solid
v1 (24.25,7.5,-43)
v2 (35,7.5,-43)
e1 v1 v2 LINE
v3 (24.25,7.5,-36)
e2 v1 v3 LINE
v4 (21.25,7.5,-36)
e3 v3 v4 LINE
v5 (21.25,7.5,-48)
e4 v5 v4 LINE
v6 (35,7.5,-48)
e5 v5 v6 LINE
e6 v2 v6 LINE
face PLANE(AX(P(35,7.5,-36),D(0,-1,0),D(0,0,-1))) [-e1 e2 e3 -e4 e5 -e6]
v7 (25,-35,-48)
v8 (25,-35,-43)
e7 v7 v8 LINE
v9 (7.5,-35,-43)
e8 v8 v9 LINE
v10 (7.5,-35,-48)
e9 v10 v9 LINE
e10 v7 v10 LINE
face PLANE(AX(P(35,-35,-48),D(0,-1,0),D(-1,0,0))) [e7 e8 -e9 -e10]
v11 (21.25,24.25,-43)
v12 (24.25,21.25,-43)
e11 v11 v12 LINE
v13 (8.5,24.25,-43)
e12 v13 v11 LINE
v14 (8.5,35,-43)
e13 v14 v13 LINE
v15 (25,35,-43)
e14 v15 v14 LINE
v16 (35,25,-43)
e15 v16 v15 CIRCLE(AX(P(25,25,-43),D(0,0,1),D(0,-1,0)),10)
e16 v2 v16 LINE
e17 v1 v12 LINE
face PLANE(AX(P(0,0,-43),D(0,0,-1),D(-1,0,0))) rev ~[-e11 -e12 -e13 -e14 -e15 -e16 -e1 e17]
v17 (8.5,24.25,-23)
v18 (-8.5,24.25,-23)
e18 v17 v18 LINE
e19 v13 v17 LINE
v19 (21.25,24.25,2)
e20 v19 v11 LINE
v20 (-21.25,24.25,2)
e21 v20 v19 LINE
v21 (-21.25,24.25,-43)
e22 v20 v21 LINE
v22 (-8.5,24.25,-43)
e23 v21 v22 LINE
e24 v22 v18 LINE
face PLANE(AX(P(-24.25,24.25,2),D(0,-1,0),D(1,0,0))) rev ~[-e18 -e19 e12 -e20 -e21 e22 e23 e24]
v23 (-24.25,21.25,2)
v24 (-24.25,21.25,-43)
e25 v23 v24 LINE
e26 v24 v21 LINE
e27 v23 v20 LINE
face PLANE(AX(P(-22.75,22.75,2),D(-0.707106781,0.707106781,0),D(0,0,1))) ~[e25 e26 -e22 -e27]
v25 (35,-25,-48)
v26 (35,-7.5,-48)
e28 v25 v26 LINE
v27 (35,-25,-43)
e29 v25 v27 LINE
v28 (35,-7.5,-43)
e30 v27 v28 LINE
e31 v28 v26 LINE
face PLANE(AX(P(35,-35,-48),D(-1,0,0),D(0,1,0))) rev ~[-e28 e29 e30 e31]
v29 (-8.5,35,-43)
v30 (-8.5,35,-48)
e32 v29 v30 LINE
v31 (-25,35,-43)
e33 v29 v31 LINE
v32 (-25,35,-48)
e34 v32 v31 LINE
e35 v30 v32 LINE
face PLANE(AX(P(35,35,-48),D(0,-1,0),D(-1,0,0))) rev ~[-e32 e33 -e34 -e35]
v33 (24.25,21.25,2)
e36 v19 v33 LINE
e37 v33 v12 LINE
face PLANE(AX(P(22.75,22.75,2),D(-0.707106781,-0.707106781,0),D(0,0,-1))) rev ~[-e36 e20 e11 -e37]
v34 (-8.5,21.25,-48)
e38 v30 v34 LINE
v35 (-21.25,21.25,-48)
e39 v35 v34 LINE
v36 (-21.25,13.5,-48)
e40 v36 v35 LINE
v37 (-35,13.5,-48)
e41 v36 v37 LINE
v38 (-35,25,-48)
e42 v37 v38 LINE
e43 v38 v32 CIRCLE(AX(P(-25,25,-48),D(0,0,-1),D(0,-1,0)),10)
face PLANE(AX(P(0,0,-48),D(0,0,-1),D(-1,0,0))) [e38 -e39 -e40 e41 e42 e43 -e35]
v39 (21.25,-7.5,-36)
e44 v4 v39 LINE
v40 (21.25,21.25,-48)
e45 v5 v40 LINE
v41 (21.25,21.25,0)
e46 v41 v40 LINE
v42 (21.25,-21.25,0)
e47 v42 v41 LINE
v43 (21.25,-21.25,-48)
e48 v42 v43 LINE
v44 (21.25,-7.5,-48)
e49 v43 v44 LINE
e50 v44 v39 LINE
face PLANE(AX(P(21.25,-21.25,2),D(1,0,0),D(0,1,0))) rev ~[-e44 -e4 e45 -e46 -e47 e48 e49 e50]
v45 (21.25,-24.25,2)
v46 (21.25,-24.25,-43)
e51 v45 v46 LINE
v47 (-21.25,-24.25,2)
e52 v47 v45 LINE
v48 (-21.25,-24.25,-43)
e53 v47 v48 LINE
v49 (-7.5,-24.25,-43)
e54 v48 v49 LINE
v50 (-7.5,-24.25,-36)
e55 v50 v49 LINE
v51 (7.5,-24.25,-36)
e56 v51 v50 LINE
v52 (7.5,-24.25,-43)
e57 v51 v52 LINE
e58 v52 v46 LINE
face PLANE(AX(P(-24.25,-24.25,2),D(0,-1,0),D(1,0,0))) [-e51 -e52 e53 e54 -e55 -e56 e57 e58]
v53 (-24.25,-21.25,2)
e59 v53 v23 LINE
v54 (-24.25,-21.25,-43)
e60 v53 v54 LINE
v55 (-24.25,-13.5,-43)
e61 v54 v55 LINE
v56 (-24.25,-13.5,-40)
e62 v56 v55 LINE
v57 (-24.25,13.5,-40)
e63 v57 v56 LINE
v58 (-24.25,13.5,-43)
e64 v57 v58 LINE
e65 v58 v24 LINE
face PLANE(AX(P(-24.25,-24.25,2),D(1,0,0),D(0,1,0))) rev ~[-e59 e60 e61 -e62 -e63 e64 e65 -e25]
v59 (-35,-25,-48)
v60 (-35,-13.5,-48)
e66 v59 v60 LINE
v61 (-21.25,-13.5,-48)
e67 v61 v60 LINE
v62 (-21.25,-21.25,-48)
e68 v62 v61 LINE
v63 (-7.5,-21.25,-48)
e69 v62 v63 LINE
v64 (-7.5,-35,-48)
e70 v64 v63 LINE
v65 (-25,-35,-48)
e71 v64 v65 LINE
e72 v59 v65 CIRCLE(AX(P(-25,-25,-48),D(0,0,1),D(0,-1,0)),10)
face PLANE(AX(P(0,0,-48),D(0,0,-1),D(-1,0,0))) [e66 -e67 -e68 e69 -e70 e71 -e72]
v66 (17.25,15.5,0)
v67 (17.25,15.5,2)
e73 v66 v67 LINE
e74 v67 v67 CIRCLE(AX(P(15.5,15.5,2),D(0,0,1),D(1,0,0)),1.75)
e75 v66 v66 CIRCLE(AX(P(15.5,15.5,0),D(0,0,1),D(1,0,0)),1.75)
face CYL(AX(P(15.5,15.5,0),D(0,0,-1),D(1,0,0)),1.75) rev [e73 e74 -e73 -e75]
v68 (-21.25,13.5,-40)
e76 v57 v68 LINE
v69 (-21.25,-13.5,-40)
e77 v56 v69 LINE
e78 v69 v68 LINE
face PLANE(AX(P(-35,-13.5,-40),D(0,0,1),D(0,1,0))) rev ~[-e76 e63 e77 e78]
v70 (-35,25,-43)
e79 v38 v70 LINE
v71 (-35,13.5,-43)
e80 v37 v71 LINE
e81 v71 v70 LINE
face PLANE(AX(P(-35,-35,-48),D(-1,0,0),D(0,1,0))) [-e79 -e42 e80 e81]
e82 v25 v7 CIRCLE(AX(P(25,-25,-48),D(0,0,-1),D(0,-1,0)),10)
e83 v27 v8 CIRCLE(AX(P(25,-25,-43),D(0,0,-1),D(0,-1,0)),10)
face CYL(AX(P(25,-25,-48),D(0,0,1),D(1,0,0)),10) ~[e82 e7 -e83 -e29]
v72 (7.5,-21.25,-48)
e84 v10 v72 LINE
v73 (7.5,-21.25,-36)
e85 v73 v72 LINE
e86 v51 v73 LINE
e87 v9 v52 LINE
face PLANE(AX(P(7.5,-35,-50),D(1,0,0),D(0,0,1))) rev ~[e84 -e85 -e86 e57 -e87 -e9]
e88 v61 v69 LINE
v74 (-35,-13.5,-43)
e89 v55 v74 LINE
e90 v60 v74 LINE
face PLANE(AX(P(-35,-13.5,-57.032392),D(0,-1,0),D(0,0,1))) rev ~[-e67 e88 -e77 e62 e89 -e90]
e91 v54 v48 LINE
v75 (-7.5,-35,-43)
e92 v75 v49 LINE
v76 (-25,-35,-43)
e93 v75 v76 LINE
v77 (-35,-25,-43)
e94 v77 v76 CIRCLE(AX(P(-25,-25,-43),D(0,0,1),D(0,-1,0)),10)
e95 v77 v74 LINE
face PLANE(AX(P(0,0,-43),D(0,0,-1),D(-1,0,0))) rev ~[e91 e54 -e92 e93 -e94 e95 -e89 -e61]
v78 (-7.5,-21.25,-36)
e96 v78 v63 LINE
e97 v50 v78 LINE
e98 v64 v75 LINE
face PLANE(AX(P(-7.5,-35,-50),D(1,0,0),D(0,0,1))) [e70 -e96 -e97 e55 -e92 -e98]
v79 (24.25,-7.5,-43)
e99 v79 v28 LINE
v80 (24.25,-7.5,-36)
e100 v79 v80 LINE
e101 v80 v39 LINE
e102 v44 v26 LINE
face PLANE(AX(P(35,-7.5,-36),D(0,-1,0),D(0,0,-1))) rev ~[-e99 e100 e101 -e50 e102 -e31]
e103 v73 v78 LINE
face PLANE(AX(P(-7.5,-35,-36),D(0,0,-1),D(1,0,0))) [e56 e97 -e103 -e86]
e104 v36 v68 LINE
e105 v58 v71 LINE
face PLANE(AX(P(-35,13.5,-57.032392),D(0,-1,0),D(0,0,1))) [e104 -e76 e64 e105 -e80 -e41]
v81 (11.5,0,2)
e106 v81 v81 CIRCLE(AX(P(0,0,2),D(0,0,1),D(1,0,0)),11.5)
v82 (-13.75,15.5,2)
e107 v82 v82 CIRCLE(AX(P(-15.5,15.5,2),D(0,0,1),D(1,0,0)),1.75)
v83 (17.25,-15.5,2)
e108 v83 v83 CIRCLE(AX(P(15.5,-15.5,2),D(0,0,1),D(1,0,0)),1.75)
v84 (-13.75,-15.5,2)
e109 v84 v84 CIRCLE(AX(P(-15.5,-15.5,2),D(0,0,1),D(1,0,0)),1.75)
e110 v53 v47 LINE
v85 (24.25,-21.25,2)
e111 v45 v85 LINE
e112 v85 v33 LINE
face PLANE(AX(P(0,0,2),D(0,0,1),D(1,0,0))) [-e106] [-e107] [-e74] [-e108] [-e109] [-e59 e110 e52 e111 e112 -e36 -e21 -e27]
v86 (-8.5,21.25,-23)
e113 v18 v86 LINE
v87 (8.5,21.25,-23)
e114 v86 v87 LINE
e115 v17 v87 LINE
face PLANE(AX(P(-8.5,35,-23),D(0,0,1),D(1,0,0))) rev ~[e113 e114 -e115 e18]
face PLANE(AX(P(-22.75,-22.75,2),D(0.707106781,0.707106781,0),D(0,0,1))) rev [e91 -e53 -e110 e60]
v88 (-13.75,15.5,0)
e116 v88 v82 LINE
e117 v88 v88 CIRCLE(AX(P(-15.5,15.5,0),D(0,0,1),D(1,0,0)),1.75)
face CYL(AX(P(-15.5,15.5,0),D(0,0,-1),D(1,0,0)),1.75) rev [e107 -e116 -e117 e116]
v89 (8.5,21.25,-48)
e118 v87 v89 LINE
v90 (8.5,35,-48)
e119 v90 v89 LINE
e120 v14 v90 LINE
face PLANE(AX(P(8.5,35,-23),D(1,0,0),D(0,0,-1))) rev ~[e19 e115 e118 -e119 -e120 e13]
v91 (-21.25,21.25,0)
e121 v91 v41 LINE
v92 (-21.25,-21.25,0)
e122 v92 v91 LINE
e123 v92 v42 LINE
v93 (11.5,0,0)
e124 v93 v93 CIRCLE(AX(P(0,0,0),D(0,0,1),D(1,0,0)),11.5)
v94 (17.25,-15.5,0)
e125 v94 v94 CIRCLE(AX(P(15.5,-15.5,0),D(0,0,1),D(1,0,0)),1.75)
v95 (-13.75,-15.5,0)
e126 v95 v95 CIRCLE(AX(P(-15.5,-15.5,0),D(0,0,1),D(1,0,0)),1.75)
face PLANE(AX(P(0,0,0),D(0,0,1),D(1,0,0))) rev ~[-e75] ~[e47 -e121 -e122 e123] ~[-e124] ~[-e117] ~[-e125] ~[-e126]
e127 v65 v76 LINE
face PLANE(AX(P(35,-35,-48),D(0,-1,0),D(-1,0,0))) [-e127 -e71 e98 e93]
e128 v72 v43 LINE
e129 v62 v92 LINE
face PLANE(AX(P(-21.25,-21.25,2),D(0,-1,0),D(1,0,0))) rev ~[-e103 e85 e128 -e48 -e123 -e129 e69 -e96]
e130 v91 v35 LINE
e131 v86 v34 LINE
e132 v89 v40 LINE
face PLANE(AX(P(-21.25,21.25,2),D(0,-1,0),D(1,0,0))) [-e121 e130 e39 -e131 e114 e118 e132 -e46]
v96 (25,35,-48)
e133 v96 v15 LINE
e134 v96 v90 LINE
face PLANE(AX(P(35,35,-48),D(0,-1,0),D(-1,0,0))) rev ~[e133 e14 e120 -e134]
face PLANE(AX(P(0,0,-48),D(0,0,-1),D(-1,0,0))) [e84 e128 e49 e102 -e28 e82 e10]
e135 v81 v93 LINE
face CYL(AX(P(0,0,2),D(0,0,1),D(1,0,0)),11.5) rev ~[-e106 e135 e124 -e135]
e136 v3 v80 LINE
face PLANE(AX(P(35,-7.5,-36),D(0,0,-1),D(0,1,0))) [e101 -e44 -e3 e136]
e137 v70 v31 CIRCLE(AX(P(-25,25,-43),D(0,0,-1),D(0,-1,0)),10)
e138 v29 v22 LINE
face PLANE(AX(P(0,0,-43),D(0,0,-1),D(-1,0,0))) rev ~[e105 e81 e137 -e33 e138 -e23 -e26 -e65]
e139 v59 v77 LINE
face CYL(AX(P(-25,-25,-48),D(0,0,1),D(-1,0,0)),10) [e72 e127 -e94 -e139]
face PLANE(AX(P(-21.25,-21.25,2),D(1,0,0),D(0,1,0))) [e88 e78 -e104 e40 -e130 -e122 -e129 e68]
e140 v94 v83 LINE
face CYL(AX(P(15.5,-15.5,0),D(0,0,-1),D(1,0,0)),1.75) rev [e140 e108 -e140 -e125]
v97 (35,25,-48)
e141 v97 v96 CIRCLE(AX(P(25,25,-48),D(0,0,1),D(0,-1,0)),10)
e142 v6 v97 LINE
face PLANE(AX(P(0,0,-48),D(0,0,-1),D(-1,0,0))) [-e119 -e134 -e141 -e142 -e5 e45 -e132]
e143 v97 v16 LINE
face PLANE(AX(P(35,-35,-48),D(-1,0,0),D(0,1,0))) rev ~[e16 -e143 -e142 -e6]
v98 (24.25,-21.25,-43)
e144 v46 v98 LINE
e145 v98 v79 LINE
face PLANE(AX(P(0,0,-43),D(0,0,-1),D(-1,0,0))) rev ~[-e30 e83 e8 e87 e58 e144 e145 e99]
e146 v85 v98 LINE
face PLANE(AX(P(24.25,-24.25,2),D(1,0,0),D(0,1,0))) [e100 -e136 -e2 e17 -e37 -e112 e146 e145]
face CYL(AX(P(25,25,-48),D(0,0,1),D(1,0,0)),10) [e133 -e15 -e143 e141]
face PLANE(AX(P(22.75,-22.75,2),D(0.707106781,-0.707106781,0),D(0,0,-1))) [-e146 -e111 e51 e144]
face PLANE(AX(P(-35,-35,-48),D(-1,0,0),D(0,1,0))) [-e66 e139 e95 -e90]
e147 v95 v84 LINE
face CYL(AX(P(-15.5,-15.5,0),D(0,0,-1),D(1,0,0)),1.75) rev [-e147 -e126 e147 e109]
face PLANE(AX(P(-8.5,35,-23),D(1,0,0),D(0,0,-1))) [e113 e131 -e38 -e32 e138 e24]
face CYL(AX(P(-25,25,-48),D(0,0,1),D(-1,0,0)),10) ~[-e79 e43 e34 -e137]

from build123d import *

# Parameters (mm, degrees)
SKETCH_1_W          = 42.5
SKETCH_1_H          = 42.5
SKETCH_1_R          = 1.75
EXTRUDE_1_DEPTH     = 2
SKETCH_2_W          = 48.5
SKETCH_2_H          = 48.5
SKETCH_2_W_2        = 42.5
SKETCH_2_H_2        = 42.5
EXTRUDE_2_DEPTH     = 50
CHAMFER_1_SIZE      = 3
SKETCH_3_W          = 70
SKETCH_3_H          = 70
SKETCH_3_W_2        = 42.5
SKETCH_3_H_2        = 42.5
EXTRUDE_2_2_DEPTH   = 5
FILLET_1_R          = 10
CUT_EXTRUDE_2_REACH = 93.81
SKETCH_5_W          = 17
SKETCH_5_H          = 33.225295521
CUT_EXTRUDE_3_REACH = 93.81
SKETCH_6_W          = 17.032391735
SKETCH_6_H          = 27
SKETCH_7_R          = 11.5
CUT_EXTRUDE_4_DEPTH = 10
CUT_EXTRUDE_5_REACH = 93.81
SKETCH_9_W          = 15
SKETCH_9_H          = 14
CUT_EXTRUDE_6_REACH = 93.81
SKETCH_10_W         = 19.722222222
SKETCH_10_H         = 15


with BuildPart() as part:
    # 草图1 → 凸台-拉伸1 (new body)
    with BuildSketch(Plane.XY):
        Rectangle(SKETCH_1_W, SKETCH_1_H)
        with Locations((15.5, 15.5)):
            Circle(SKETCH_1_R, mode=Mode.SUBTRACT)
        with Locations((15.5, -15.5)):
            Circle(SKETCH_1_R, mode=Mode.SUBTRACT)
        with Locations((-15.5, -15.5)):
            Circle(SKETCH_1_R, mode=Mode.SUBTRACT)
        with Locations((-15.5, 15.5)):
            Circle(SKETCH_1_R, mode=Mode.SUBTRACT)
    extrude(amount=EXTRUDE_1_DEPTH)

    # 草图2 → Extrude 2 (add)
    with BuildSketch(Plane.XY.offset(2)):
        Rectangle(SKETCH_2_W, SKETCH_2_H)
        Rectangle(SKETCH_2_W_2, SKETCH_2_H_2, mode=Mode.SUBTRACT)
    extrude(amount=-EXTRUDE_2_DEPTH)

    # 倒角1
    chamfer_1_edges = [part.edges().sort_by_distance(p)[0] for p in [
        (-24.25, -24.25, -23),
        (-24.25, 24.25, -23),
        (24.25, 24.25, -23),
        (24.25, -24.25, -23),
    ]]
    chamfer(chamfer_1_edges, length=CHAMFER_1_SIZE)

    # 草图3 → Extrude 2 2 (add)
    with BuildSketch(Plane(origin=(0, 0, -48), x_dir=(-1, 0, 0), z_dir=(0, 0, -1))):
        Rectangle(SKETCH_3_W, SKETCH_3_H)
        Rectangle(SKETCH_3_W_2, SKETCH_3_H_2, mode=Mode.SUBTRACT)
    extrude(amount=-EXTRUDE_2_2_DEPTH)

    # 圆角1
    fillet_1_edges = [part.edges().sort_by_distance(p)[0] for p in [
        (35, -35, -45.5),
        (35, 35, -45.5),
        (-35, 35, -45.5),
        (-35, -35, -45.5),
    ]]
    fillet(fillet_1_edges, radius=FILLET_1_R)

    # 切除-拉伸2: up to this face of the body (flat: up to its plane)
    cut_extrude_2_end = Plane(part.part.faces().sort_by_distance((0, 21.25, -24))[0])
    # 草图5 → 切除-拉伸2 (cut, up to the picked face)
    with BuildSketch(Plane(origin=(0, 35, 0), x_dir=(1, 0, 0), z_dir=(0, 1, 0)), mode=Mode.PRIVATE) as cut_extrude_2_sk1:
        with Locations((0, 39.612647761)):
            Rectangle(SKETCH_5_W, SKETCH_5_H)
    cut_extrude_2_tool1 = split(extrude(cut_extrude_2_sk1.sketch, amount=-CUT_EXTRUDE_2_REACH, mode=Mode.PRIVATE), bisect_by=cut_extrude_2_end, keep=Keep.BOTH, mode=Mode.PRIVATE)
    add(cut_extrude_2_tool1.solids().sort_by(Axis((0, 35, -39.612648), (0, -1, 0)))[0], mode=Mode.SUBTRACT)

    # 切除-拉伸3: up to this face of the body (flat: up to its plane)
    cut_extrude_3_end = Plane(part.part.faces().sort_by_distance((-21.25, 0, -24))[0])
    # 草图6 → 切除-拉伸3 (cut, up to the picked face)
    with BuildSketch(Plane.ZY.offset(35), mode=Mode.PRIVATE) as cut_extrude_3_sk1:
        with Locations((-48.516195868, 0)):
            Rectangle(SKETCH_6_W, SKETCH_6_H)
    cut_extrude_3_tool1 = split(extrude(cut_extrude_3_sk1.sketch, amount=-CUT_EXTRUDE_3_REACH, mode=Mode.PRIVATE), bisect_by=cut_extrude_3_end, keep=Keep.BOTH, mode=Mode.PRIVATE)
    add(cut_extrude_3_tool1.solids().sort_by(Axis((-35, 0, -48.516196), (1, 0, 0)))[0], mode=Mode.SUBTRACT)

    # 草图7 → 切除-拉伸4 (cut)
    with BuildSketch(Plane.XY.offset(2)):
        Circle(SKETCH_7_R)
    extrude(amount=-CUT_EXTRUDE_4_DEPTH, mode=Mode.SUBTRACT)

    # 草图9 → 切除-拉伸5 (cut, up to next)
    with BuildSketch(Plane.XZ.offset(35), mode=Mode.PRIVATE) as cut_extrude_5_sk1:
        with Locations((0, -43)):
            Rectangle(SKETCH_9_W, SKETCH_9_H)
    cut_extrude_5_tool1 = extrude(cut_extrude_5_sk1.sketch, amount=-CUT_EXTRUDE_5_REACH, mode=Mode.PRIVATE) & part.part
    add(cut_extrude_5_tool1.solids().sort_by_distance((0, -35, -43))[0], mode=Mode.SUBTRACT)

    # 草图10 → 切除-拉伸6 (cut, up to next)
    with BuildSketch(Plane(origin=(35, 0, 0), x_dir=(0, 0, -1), z_dir=(1, 0, 0)), mode=Mode.PRIVATE) as cut_extrude_6_sk1:
        with Locations((45.861111111, 0)):
            Rectangle(SKETCH_10_W, SKETCH_10_H)
    cut_extrude_6_tool1 = extrude(cut_extrude_6_sk1.sketch, amount=-CUT_EXTRUDE_6_REACH, mode=Mode.PRIVATE) & part.part
    add(cut_extrude_6_tool1.solids().sort_by_distance((35, 0, -45.861111))[0], mode=Mode.SUBTRACT)


solid = part.part
